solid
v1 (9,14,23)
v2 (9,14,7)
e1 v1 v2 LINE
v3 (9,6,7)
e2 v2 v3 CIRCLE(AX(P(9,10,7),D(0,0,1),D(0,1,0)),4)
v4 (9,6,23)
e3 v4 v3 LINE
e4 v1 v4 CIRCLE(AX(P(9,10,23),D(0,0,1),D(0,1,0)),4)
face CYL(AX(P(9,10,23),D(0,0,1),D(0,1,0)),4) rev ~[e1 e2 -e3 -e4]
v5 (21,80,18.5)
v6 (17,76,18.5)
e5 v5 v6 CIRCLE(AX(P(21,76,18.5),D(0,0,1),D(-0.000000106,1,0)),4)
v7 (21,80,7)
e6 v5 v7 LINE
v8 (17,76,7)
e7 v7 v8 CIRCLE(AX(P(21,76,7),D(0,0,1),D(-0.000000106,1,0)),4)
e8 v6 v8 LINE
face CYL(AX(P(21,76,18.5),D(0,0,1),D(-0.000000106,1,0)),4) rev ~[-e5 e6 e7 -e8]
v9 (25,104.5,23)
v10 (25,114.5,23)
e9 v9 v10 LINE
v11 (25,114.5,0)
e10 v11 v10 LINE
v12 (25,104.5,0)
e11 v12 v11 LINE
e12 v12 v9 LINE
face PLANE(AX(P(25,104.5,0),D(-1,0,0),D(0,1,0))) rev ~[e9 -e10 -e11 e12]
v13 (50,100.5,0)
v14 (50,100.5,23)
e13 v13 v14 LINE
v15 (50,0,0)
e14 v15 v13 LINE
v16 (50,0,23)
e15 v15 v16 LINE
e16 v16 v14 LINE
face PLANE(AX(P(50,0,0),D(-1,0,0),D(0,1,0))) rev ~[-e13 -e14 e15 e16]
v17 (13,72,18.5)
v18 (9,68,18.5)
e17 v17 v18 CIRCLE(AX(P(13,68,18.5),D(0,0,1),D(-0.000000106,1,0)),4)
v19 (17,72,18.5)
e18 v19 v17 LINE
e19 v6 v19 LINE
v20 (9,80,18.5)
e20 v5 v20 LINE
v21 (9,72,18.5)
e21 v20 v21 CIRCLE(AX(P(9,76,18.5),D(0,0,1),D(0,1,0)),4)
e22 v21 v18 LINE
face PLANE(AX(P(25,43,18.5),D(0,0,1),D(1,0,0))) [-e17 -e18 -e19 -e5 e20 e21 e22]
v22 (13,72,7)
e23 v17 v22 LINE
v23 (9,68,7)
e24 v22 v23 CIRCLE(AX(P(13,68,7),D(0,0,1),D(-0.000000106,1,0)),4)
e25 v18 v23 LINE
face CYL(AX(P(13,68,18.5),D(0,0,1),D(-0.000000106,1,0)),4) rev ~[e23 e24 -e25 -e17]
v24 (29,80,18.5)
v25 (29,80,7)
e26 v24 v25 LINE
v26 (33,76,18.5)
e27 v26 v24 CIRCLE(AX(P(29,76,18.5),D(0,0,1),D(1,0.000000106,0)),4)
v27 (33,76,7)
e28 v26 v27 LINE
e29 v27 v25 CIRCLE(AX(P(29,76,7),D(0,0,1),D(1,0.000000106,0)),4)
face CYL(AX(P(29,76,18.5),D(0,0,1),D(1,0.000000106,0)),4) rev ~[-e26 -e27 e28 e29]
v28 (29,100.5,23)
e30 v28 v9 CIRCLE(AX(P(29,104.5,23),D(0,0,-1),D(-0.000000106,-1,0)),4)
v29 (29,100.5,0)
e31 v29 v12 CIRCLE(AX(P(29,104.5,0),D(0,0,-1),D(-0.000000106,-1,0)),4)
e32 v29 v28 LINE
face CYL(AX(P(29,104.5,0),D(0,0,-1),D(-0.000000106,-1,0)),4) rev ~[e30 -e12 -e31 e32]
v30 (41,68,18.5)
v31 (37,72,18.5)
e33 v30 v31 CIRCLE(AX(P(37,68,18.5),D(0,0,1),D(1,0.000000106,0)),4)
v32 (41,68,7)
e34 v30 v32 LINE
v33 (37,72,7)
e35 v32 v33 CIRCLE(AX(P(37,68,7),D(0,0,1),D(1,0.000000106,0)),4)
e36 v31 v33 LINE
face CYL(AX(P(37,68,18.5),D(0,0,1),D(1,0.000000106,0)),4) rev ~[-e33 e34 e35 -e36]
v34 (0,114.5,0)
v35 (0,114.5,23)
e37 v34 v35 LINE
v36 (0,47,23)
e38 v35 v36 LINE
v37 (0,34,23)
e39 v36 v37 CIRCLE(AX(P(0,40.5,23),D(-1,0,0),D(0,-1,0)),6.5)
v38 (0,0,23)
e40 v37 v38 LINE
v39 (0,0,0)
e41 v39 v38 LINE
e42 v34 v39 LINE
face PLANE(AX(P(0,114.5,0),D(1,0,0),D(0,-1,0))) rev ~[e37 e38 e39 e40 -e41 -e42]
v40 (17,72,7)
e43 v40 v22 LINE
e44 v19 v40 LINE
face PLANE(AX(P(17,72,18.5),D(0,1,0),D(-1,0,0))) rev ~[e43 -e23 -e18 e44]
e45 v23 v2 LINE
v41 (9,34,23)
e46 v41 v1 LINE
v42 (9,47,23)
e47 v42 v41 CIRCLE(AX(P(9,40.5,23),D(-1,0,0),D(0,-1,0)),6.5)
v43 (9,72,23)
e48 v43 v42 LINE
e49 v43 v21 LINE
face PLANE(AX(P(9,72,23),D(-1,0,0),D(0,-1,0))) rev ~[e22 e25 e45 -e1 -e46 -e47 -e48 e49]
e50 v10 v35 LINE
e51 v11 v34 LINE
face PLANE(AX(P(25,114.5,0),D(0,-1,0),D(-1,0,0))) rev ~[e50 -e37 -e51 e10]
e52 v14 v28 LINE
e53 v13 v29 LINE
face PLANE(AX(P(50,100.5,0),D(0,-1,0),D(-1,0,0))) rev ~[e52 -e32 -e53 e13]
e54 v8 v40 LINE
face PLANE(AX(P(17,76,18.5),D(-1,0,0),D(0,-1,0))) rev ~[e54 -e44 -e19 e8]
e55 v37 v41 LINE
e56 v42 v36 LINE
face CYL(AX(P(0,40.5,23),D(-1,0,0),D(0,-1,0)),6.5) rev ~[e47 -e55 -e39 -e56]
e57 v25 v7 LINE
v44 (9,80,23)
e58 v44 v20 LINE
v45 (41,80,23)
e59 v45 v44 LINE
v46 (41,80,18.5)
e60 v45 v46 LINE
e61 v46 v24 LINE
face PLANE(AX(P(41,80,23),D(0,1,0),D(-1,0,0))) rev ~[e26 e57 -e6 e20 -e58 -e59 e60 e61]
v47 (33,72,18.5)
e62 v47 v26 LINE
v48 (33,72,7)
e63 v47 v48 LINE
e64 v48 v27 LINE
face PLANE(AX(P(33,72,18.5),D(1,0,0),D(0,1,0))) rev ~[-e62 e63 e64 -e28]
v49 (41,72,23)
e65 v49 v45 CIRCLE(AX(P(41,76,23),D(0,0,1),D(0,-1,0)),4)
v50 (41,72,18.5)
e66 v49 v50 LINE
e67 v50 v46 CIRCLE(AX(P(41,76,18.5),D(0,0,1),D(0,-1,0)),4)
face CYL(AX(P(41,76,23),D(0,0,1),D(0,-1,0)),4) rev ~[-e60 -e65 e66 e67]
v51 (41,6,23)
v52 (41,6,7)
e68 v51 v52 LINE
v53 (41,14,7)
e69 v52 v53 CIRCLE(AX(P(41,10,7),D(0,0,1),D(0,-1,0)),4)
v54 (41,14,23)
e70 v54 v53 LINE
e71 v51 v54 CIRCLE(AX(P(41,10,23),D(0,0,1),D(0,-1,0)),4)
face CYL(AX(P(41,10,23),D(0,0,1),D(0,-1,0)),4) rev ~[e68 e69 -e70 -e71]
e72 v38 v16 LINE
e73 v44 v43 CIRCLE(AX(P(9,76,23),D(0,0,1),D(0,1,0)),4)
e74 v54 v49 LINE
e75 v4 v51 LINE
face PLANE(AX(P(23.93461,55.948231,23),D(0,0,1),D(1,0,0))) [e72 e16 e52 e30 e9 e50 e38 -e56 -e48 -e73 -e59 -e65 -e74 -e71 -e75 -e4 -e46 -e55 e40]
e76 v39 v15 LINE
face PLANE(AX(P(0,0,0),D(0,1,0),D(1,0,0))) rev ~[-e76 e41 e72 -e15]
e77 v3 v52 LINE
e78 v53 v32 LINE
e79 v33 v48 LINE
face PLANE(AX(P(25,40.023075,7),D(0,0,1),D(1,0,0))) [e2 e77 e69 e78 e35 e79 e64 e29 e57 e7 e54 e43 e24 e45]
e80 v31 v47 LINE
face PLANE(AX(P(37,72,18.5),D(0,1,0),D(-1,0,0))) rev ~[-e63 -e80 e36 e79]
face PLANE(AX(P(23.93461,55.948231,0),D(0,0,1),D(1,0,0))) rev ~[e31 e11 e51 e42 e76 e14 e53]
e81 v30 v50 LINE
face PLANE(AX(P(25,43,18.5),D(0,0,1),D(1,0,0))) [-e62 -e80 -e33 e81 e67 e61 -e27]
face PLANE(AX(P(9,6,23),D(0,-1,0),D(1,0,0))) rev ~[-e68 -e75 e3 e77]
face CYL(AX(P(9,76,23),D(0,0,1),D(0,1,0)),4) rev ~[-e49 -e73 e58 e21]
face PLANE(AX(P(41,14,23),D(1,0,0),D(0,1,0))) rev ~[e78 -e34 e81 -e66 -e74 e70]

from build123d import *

# Parameters (mm, degrees)
F1_DEPTH = 23
F3_DEPTH = 4.5
F5_DEPTH = 11.5
F6_R     = 6.5
F7_DEPTH = 9


with BuildPart() as f1:
    # F0 (on Top) → F1 (new body)
    with BuildSketch(Plane.XY):
        with BuildLine():
            Line((0, 114.5), (0, 0))
            Line((0, 0), (50, 0))
            Line((50, 0), (50, 100.5))
            Line((50, 100.5), (29, 100.5))
            ThreePointArc((29, 100.5), (26.171573, 101.671573), (25, 104.5))
            Line((25, 104.5), (25, 114.5))
            Line((25, 114.5), (0, 114.5))
        make_face()
    extrude(amount=F1_DEPTH)

    # F2 (on face) → F3 (cut)
    with BuildSketch(Plane.XY.offset(23)):
        with BuildLine():
            Line((41, 80), (9, 80))
            ThreePointArc((9, 80), (5, 76), (9, 72))
            Line((9, 72), (9, 14))
            ThreePointArc((9, 14), (5, 10), (9, 6))
            Line((9, 6), (41, 6))
            ThreePointArc((41, 6), (45, 10), (41, 14))
            Line((41, 14), (41, 72))
            ThreePointArc((41, 72), (45, 76), (41, 80))
        make_face()
    extrude(amount=-F3_DEPTH, mode=Mode.SUBTRACT)

    # F4 (on face) → F5 (cut)
    with BuildSketch(Plane.XY.offset(18.5)):
        with BuildLine():
            Line((9, 68), (9, 14))
            ThreePointArc((9, 14), (5, 10), (9, 6))
            Line((9, 6), (41, 6))
            ThreePointArc((41, 6), (45, 10), (41, 14))
            Line((41, 14), (41, 68))
            ThreePointArc((41, 68), (39.828427, 70.828427), (37, 72))
            Line((37, 72), (33, 72))
            Line((33, 72), (33, 76))
            ThreePointArc((33, 76), (31.828427, 78.828427), (29, 80))
            Line((29, 80), (21, 80))
            ThreePointArc((21, 80), (18.171573, 78.828427), (17, 76))
            Line((17, 76), (17, 72))
            Line((17, 72), (13, 72))
            ThreePointArc((13, 72), (10.171573, 70.828427), (9, 68))
        make_face()
    extrude(amount=-F5_DEPTH, mode=Mode.SUBTRACT)

    # F6 (on face) → F7 (cut, through all)
    with BuildSketch(Plane(origin=(0, 0, 0), x_dir=(0, -1, 0), z_dir=(-1, 0, 0))):
        with Locations((-40.5, 23)):
            Circle(F6_R)
    extrude(amount=-F7_DEPTH, mode=Mode.SUBTRACT)


solid = f1.part
